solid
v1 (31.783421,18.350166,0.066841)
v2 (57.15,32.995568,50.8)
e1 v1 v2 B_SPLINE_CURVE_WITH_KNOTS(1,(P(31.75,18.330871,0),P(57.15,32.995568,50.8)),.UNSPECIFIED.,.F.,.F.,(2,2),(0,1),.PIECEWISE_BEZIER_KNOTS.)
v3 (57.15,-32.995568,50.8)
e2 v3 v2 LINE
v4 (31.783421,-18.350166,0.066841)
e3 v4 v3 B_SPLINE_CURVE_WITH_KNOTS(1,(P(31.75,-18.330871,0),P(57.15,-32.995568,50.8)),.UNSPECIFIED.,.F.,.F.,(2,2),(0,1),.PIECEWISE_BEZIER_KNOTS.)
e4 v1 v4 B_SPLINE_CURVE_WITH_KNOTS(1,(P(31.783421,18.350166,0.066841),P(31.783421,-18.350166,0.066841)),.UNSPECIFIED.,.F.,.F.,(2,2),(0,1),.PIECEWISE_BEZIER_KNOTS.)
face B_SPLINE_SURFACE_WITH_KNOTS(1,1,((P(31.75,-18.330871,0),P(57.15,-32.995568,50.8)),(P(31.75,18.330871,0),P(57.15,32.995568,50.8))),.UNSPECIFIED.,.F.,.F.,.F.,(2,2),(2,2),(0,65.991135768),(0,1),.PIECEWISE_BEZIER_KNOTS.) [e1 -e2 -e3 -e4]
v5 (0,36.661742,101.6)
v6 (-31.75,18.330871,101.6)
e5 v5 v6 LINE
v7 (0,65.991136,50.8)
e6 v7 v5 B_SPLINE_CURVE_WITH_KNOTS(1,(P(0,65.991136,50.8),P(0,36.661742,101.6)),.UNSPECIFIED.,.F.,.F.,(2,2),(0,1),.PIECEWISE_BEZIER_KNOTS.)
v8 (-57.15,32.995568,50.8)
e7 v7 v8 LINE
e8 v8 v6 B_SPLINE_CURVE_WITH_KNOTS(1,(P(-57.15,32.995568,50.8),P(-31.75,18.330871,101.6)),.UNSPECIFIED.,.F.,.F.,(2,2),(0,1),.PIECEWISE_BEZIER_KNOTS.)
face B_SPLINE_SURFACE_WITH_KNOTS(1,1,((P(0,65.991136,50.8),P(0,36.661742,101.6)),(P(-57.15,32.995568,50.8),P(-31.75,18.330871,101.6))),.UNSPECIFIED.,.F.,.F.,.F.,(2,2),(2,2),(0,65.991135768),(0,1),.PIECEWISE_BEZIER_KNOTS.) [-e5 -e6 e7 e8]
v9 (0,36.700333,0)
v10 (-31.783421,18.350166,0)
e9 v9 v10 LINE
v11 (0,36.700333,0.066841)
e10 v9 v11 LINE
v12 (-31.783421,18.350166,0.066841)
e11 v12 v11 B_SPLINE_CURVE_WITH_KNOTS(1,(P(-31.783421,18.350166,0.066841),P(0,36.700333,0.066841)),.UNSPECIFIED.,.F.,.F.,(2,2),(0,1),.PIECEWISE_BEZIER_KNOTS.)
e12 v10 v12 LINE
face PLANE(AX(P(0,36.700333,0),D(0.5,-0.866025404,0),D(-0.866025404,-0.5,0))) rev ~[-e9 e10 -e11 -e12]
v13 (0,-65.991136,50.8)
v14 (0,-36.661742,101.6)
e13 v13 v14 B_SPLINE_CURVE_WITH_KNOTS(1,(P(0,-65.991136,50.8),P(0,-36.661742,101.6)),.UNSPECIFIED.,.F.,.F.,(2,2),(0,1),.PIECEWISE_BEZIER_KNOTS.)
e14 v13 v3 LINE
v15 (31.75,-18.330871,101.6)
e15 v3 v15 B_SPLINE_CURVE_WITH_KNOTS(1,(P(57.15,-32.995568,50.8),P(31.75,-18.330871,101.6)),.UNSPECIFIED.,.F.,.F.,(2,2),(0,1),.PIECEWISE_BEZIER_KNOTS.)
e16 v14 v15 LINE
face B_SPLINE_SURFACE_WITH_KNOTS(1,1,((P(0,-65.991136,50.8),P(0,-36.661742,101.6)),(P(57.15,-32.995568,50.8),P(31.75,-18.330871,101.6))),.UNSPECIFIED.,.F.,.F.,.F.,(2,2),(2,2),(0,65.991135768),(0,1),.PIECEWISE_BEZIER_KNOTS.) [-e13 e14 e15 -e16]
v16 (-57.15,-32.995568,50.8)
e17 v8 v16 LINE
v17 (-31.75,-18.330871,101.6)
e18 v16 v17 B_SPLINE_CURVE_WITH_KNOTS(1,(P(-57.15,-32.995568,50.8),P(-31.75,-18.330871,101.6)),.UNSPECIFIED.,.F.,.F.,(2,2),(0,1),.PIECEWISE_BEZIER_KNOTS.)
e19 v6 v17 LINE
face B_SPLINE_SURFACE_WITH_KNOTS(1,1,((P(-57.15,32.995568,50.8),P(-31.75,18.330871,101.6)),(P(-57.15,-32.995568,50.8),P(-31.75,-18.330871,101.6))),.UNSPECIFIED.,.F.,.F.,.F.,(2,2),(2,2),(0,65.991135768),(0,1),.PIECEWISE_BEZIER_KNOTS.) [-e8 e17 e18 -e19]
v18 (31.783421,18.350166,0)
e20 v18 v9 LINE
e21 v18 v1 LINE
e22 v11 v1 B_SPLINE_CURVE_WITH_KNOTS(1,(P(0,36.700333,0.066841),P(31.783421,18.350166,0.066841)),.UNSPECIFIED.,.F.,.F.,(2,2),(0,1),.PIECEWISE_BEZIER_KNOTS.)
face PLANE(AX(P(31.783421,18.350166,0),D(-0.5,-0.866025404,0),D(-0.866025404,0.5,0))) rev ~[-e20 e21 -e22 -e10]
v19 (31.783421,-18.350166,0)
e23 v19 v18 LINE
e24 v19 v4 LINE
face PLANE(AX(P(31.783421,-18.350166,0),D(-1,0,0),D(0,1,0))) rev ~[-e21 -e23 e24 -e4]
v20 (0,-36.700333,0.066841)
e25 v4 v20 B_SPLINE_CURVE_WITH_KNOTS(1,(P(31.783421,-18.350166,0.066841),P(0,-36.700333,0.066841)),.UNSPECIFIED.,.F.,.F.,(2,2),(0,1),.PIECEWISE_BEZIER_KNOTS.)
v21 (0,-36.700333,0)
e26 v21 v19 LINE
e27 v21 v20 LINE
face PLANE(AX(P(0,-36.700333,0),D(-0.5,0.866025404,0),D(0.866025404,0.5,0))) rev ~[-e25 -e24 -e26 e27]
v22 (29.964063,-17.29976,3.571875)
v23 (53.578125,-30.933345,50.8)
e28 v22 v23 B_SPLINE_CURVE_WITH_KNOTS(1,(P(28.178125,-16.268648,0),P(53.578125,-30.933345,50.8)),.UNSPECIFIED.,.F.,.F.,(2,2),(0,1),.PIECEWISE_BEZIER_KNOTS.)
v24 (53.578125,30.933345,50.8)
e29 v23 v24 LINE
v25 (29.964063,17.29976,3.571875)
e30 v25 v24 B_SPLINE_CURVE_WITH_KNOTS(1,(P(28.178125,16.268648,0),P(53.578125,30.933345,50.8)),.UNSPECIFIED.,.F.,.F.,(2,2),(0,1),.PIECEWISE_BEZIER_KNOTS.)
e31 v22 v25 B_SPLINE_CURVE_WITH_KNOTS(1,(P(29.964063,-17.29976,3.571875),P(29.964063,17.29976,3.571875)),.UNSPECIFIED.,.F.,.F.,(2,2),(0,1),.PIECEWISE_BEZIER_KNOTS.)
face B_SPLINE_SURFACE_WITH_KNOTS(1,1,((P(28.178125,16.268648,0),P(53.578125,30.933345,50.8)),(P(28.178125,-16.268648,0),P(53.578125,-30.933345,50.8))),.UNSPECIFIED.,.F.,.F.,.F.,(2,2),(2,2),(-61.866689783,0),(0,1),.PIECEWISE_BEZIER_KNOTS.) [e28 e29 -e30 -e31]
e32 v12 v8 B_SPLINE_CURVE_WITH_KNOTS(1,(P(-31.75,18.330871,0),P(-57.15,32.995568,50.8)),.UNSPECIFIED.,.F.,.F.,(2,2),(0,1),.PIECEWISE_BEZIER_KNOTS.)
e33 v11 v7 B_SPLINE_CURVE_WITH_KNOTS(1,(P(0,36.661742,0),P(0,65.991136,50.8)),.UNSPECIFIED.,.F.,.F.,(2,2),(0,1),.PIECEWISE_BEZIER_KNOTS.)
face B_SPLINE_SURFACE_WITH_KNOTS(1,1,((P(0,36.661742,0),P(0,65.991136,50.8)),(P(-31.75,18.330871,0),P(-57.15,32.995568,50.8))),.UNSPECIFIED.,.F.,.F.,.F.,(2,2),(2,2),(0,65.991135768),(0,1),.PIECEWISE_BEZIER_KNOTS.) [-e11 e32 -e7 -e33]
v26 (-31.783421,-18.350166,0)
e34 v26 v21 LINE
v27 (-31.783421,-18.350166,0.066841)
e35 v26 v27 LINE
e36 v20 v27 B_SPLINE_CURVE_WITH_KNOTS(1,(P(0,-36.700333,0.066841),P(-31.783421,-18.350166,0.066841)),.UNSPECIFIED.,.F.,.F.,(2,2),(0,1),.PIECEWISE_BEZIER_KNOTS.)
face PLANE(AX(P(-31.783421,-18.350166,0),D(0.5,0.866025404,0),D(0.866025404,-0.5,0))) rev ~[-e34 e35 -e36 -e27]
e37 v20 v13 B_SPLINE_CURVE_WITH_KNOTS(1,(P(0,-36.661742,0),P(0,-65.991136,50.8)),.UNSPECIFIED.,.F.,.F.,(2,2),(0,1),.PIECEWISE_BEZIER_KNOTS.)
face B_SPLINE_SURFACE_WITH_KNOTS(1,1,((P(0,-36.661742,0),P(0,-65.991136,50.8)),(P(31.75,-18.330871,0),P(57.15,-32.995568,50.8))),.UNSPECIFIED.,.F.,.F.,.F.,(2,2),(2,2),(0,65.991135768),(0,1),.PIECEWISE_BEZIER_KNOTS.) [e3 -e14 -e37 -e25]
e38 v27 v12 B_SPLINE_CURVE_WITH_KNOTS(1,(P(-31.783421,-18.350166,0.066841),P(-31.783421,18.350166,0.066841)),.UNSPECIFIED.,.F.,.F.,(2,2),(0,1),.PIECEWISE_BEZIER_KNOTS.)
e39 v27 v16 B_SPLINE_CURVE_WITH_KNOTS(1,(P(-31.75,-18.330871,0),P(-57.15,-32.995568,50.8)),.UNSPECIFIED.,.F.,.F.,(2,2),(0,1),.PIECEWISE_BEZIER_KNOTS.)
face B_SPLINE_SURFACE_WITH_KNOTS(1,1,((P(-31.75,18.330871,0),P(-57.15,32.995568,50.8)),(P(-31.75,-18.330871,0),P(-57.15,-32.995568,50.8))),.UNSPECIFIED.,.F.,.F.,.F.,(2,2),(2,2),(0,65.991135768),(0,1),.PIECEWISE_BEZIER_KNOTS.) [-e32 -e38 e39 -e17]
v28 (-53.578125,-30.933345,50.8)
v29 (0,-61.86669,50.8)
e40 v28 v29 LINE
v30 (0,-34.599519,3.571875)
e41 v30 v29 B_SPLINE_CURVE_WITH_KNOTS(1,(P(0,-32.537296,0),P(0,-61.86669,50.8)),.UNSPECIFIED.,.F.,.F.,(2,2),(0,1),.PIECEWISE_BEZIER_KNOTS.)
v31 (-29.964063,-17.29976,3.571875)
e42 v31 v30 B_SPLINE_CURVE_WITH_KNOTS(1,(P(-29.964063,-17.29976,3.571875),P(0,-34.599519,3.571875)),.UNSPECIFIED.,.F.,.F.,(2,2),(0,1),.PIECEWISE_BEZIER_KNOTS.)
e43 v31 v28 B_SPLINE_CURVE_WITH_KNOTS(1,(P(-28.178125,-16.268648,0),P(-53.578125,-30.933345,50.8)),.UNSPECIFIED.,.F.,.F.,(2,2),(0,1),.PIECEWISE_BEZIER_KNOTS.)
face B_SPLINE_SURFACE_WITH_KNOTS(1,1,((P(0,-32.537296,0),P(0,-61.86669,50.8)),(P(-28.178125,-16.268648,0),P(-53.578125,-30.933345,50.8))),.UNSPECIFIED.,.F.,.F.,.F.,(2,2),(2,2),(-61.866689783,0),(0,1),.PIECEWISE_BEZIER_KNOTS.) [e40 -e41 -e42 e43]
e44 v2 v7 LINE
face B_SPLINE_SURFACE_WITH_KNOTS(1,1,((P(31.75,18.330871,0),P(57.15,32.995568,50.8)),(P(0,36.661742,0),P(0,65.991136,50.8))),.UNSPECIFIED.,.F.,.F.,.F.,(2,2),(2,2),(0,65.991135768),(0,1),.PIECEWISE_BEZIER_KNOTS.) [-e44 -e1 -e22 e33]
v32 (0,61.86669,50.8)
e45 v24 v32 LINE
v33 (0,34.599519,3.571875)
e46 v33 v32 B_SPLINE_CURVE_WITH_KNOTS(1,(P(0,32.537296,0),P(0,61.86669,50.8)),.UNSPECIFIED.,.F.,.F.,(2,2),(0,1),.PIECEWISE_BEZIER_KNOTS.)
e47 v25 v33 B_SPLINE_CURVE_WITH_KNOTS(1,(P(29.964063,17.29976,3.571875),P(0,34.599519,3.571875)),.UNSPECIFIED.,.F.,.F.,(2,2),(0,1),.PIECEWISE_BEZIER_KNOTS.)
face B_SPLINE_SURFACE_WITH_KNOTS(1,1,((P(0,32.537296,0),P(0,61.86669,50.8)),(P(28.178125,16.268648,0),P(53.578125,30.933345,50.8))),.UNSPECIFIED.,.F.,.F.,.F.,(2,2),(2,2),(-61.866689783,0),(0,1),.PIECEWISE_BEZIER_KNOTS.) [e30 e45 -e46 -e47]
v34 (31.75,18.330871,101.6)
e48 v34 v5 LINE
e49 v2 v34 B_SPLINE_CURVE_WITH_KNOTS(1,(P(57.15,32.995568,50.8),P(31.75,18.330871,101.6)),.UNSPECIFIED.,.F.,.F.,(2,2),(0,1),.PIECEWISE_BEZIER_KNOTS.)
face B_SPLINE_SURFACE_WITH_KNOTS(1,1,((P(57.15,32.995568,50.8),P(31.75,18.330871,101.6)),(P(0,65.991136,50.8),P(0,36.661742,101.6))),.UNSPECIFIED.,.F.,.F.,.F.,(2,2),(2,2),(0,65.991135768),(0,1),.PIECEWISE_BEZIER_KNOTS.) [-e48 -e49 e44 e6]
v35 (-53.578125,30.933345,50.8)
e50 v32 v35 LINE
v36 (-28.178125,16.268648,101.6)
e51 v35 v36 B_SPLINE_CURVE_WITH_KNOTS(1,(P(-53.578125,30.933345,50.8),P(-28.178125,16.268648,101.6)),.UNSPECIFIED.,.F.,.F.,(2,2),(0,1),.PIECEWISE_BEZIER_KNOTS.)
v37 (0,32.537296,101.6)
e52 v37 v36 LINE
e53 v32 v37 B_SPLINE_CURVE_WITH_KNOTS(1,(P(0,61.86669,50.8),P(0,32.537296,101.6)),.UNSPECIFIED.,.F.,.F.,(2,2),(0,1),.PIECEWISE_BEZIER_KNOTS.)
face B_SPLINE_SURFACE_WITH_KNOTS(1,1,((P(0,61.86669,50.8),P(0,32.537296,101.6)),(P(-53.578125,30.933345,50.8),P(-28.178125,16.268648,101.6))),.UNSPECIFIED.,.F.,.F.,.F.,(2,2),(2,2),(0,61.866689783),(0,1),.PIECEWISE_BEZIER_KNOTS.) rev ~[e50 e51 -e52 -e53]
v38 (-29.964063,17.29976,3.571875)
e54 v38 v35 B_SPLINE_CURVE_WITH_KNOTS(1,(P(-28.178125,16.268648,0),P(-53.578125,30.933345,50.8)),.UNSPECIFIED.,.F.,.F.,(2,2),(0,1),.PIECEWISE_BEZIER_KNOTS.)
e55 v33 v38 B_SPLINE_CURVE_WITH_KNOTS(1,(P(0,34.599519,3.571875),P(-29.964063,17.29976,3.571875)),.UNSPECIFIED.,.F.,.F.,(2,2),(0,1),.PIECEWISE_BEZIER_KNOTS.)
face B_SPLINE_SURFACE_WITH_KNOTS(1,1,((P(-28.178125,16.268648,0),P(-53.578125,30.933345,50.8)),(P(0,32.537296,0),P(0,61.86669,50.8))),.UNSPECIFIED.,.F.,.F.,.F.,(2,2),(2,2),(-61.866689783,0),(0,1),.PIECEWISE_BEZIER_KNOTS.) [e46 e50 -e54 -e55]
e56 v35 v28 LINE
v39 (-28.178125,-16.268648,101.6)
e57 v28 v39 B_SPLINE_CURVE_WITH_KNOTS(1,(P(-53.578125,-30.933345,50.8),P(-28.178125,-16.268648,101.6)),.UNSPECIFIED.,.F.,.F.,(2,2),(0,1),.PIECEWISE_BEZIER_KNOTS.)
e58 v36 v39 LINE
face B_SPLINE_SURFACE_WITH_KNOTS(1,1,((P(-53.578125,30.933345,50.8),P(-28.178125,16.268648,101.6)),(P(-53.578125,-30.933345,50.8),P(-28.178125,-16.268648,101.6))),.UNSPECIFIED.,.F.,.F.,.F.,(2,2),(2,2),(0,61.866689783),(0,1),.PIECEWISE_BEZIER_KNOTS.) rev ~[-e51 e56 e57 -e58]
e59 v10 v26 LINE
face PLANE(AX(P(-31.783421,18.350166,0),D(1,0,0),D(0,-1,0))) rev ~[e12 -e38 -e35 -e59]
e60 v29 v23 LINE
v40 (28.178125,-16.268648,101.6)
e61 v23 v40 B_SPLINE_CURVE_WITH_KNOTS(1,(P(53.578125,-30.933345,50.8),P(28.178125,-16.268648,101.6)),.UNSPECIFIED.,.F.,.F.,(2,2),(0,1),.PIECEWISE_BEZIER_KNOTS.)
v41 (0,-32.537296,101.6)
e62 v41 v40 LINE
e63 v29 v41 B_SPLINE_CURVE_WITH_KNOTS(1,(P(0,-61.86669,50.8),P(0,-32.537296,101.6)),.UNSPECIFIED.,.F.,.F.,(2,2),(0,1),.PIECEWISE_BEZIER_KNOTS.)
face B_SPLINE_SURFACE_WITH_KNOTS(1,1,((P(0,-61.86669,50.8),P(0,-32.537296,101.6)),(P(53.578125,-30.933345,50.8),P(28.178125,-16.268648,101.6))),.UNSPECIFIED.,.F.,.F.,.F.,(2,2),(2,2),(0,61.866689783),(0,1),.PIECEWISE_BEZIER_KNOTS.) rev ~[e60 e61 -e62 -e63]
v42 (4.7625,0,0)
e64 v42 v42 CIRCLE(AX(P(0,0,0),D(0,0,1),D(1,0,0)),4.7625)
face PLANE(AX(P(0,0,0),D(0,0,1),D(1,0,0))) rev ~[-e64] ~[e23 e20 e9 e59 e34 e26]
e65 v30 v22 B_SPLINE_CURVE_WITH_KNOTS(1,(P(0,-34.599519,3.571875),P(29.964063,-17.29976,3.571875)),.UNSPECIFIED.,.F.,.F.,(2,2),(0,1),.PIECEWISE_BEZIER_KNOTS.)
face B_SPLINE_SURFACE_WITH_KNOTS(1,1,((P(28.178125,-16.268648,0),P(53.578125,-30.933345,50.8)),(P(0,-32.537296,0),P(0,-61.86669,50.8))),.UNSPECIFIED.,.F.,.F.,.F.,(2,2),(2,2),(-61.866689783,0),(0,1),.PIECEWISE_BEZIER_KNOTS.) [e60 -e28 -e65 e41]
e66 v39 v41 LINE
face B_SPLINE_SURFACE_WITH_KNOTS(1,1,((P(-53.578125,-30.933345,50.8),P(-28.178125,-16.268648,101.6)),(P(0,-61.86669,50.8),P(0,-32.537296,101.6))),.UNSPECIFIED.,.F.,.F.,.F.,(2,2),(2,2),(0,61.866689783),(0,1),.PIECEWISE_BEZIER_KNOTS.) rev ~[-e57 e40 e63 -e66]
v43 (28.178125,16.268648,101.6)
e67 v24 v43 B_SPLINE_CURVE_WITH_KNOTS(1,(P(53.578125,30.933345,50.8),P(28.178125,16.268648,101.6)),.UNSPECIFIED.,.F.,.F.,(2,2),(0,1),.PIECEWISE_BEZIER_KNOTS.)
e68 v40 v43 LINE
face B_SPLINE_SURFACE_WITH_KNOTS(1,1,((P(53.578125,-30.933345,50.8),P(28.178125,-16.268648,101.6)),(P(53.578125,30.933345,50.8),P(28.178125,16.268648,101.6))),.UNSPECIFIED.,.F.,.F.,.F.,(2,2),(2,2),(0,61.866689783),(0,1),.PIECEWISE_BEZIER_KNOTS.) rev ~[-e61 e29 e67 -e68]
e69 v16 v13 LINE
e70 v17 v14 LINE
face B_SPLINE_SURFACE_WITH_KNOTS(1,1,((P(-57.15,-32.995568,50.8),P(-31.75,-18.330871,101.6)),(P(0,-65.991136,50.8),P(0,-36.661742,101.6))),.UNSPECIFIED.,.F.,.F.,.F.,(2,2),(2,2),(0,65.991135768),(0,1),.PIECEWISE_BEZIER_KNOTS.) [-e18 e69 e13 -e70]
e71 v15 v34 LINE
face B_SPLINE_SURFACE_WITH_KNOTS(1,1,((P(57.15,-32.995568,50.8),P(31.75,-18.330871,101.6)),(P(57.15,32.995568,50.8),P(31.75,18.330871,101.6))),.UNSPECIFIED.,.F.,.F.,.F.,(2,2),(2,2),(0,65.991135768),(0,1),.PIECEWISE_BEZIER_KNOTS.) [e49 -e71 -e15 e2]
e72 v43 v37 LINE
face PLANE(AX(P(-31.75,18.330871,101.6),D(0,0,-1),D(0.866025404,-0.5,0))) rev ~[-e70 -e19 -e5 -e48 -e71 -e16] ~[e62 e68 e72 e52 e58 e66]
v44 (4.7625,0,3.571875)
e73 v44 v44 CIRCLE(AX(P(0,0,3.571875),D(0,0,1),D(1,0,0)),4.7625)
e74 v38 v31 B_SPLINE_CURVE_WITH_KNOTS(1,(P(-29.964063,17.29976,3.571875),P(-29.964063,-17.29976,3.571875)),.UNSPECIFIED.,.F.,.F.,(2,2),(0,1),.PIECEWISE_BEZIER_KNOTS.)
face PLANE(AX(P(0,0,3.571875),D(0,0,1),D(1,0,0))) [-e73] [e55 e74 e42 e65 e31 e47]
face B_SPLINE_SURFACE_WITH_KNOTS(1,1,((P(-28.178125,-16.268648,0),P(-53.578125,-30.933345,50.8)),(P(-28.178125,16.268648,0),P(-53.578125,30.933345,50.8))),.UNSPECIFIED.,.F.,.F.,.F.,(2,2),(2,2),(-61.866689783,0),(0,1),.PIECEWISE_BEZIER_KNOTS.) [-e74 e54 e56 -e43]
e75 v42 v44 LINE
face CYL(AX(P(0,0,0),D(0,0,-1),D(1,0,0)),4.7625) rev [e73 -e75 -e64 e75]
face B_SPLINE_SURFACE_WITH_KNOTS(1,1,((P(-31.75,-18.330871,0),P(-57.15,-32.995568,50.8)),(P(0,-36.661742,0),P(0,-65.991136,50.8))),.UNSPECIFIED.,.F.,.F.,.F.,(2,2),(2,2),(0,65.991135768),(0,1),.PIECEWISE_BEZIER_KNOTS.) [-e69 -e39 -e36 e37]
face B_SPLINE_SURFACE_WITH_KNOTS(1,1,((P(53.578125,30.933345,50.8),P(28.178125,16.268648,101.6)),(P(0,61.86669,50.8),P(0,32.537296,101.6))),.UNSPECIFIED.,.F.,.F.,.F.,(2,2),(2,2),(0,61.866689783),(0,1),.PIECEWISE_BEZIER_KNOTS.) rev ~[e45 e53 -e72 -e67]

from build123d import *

# Parameters (mm, degrees)
F12_R     = 4.7625
F13_DEPTH = 3.571875


with BuildPart() as f5:
    # F0 (on Top) → F5 section 0
    with BuildSketch(Plane.XY):
        Polygon((-31.75, 18.3308710468), (-31.75, -18.3308710468), (0, -36.6617420935), (31.75, -18.3308710468), (31.75, 18.3308710468), (0, 36.6617420935), align=None)
    # F2 (on offset) → F5 section 1
    with BuildSketch(Plane.XY.offset(50.8)):
        Polygon((-57.15, 32.9955678842), (-57.15, -32.9955678842), (0, -65.9911357684), (57.15, -32.9955678842), (57.15, 32.9955678842), (0, 65.9911357684), align=None)
    loft()

    # F5_face (on face) → F6 section 0
    with BuildSketch(Plane.XY.offset(50.8)):
        Polygon((-57.15, 32.9955678842), (-57.15, -32.9955678842), (0, -65.9911357684), (57.15, -32.9955678842), (57.15, 32.9955678842), (0, 65.9911357684), align=None)
    # F4 (on offset) → F6 section 1
    with BuildSketch(Plane.XY.offset(101.6)):
        Polygon((-31.75, 18.3308710468), (-31.75, -18.3308710468), (0, -36.6617420935), (31.75, -18.3308710468), (31.75, 18.3308710468), (0, 36.6617420935), align=None)
    loft()

    # F7 (on face) → F9 section 0
    with BuildSketch(Plane(origin=(0, 0, 0), x_dir=(1, 0, 0), z_dir=(0, 0, -1))):
        Polygon((-28.178125, 16.268648054), (-28.178125, -16.268648054), (0, -32.537296108), (28.178125, -16.268648054), (28.178125, 16.268648054), (0, 32.537296108), align=None)
    # F8 (on offset) → F9 section 1
    with BuildSketch(Plane.XY.offset(50.8)):
        Polygon((-53.578125, 30.9333448914), (-53.578125, -30.9333448914), (0, -61.8666897829), (53.578125, -30.9333448914), (53.578125, 30.9333448914), (0, 61.8666897829), align=None)
    loft(mode=Mode.SUBTRACT)

    # F8 (on offset) → F11 section 0
    with BuildSketch(Plane.XY.offset(50.8)):
        Polygon((-53.578125, 30.9333448914), (-53.578125, -30.9333448914), (0, -61.8666897829), (53.578125, -30.9333448914), (53.578125, 30.9333448914), (0, 61.8666897829), align=None)
    # F10 (on face) → F11 section 1
    with BuildSketch(Plane.XY.offset(101.6)):
        Polygon((-28.178125, 16.268648054), (-28.178125, -16.268648054), (0, -32.537296108), (28.178125, -16.268648054), (28.178125, 16.268648054), (0, 32.537296108), align=None)
    loft(mode=Mode.SUBTRACT)

    # F12 (on Top) → F13 (join)
    with BuildSketch(Plane.XY):
        Polygon((-31.7834205925, 18.3501664349), (-31.7834205925, -18.3501664349), (0, -36.7003328697), (31.7834205925, -18.3501664349), (31.7834205925, 18.3501664349), (0, 36.7003328697), align=None)
        Circle(F12_R, mode=Mode.SUBTRACT)
    extrude(amount=F13_DEPTH)


solid = f5.part
